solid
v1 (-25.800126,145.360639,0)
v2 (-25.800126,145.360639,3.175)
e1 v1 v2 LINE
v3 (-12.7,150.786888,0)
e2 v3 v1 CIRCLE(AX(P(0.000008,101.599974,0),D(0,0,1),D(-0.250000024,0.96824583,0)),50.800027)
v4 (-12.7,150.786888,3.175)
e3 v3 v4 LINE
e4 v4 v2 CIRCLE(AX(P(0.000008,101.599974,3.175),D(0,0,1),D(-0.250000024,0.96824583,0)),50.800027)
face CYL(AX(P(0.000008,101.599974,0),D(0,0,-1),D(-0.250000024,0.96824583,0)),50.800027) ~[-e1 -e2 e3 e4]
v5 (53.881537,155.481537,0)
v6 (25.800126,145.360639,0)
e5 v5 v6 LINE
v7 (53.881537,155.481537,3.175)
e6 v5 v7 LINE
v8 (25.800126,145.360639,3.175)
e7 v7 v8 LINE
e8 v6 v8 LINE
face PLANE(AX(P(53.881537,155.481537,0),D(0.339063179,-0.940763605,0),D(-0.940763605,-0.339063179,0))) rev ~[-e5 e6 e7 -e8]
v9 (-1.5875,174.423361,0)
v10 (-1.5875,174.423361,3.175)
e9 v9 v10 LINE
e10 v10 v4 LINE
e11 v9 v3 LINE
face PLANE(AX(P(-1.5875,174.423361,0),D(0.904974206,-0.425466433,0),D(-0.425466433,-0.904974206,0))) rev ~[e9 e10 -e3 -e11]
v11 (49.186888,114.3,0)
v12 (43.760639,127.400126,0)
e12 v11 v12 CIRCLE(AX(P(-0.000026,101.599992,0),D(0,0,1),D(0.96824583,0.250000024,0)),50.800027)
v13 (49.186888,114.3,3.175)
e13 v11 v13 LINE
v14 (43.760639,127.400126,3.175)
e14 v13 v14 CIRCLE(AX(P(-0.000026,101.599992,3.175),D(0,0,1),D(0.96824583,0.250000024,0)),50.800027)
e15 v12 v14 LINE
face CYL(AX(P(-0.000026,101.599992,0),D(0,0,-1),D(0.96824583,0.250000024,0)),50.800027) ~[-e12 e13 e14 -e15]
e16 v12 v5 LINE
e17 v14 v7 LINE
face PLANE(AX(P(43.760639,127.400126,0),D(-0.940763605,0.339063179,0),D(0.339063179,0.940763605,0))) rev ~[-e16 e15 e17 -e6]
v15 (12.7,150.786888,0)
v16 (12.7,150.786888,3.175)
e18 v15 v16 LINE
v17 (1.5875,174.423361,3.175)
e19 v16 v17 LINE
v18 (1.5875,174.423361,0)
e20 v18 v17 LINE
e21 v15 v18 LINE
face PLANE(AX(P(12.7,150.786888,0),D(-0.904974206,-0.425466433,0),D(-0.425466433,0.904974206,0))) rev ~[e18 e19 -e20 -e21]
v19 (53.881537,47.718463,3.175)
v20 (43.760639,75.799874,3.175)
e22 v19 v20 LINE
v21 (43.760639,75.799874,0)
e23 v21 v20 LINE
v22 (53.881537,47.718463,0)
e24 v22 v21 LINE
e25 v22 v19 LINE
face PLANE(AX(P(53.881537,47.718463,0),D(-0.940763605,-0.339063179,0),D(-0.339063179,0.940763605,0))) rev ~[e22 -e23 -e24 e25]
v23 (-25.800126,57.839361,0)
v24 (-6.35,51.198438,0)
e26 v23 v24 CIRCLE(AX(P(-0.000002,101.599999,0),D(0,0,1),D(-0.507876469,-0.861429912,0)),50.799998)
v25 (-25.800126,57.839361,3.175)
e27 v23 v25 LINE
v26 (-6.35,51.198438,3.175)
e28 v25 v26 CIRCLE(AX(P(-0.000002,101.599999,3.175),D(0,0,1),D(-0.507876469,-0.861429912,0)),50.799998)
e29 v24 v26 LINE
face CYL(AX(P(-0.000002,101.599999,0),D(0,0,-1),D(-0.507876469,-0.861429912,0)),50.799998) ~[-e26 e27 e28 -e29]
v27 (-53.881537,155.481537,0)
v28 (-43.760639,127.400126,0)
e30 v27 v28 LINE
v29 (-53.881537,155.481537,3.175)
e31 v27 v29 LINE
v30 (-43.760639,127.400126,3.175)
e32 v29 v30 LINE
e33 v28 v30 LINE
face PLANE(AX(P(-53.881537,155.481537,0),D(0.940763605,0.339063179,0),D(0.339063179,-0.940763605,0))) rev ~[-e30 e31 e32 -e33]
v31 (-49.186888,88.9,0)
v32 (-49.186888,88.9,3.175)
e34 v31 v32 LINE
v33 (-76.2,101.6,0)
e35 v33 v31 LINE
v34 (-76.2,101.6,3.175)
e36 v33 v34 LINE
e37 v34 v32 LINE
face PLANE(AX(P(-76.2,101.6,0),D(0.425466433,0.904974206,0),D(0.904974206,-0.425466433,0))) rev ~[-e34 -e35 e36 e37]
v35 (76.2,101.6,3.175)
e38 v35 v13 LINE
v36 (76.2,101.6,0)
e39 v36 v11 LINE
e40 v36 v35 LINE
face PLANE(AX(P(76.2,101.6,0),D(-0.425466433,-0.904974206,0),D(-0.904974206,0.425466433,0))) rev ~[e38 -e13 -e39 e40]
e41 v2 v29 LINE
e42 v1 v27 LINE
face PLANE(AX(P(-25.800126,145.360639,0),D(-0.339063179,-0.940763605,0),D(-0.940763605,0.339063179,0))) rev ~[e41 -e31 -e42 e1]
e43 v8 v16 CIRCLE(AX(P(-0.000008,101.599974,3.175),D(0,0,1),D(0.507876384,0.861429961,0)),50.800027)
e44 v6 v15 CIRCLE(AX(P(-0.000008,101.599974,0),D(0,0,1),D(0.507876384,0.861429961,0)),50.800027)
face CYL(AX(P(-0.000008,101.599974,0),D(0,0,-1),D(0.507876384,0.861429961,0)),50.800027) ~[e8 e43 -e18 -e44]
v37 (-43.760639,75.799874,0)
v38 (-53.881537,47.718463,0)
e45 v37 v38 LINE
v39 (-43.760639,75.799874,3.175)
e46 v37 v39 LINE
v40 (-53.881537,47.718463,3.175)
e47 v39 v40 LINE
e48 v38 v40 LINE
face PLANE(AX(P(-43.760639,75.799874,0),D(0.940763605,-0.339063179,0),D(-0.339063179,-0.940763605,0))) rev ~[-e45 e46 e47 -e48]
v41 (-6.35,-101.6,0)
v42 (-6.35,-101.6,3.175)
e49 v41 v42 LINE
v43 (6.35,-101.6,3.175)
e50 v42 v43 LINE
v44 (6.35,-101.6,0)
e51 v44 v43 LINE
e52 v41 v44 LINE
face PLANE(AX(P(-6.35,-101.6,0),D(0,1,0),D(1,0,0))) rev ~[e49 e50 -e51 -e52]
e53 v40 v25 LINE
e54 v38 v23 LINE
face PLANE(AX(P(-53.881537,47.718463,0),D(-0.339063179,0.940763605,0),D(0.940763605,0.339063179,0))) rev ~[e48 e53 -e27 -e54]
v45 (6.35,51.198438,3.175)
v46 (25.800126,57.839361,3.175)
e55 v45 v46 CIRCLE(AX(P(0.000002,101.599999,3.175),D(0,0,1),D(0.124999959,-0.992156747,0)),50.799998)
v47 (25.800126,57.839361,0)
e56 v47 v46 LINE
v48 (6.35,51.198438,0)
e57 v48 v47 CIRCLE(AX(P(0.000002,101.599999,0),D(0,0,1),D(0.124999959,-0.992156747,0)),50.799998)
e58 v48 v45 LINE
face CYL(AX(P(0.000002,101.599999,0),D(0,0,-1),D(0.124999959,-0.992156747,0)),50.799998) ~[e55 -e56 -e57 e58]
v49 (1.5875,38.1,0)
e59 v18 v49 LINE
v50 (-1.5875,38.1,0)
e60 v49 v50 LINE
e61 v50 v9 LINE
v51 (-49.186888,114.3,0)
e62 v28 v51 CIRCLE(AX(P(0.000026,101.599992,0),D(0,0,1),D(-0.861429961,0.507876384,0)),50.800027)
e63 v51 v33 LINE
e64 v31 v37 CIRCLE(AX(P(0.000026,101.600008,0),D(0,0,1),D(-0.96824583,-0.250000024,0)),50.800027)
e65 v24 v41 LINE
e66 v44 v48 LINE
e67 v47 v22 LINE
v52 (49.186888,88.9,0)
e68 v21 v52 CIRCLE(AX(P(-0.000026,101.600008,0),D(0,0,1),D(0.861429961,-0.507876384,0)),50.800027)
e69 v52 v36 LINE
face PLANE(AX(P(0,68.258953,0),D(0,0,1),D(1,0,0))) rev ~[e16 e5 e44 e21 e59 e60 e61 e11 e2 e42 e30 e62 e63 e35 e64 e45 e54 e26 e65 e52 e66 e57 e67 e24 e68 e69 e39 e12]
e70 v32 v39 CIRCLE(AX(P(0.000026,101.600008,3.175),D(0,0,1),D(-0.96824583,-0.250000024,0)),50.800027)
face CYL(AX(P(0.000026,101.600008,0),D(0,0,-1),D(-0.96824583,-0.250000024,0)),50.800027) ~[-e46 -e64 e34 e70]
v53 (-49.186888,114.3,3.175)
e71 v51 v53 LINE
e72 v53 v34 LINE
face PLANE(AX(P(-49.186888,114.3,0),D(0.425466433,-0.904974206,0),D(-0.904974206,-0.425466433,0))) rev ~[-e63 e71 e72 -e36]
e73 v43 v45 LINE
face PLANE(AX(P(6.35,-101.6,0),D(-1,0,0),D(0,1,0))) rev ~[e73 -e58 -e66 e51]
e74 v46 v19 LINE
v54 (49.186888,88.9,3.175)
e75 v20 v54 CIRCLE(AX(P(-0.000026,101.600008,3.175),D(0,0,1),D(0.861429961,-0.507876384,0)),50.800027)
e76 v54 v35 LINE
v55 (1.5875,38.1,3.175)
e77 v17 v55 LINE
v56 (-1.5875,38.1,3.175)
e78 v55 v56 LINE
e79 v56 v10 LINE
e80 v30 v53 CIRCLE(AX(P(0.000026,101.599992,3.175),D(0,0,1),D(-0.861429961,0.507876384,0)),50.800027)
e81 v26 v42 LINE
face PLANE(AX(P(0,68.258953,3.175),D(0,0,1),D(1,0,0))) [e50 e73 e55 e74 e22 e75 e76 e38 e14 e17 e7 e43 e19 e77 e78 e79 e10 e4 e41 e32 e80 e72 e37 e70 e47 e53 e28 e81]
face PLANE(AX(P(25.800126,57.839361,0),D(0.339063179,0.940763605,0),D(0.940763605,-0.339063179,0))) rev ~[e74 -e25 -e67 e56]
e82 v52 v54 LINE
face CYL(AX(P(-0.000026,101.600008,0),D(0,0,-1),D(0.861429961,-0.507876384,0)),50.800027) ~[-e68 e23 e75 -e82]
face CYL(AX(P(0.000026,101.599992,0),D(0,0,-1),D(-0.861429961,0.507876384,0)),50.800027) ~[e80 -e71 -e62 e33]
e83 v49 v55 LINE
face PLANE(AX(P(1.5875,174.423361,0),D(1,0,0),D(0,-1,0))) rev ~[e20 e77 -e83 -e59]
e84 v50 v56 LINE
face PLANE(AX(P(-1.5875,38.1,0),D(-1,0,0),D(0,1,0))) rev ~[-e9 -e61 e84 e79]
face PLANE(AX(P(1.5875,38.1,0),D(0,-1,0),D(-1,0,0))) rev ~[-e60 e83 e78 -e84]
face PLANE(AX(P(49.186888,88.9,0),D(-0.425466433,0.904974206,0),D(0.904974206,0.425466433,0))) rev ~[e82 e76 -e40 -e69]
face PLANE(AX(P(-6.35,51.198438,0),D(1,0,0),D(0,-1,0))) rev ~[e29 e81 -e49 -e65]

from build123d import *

# Parameters (mm, degrees)
F1_DEPTH = 3.175


with BuildPart() as f1:
    # F0 (on Top) → F1 (new body)
    with BuildSketch(Plane.XY):
        with BuildLine():
            Line((-6.35, 51.198438), (-6.35, -101.6))
            Line((-6.35, -101.6), (-1.5875, -101.6))
            Line((-1.5875, -101.6), (1.5875, -101.6))
            Line((1.5875, -101.6), (6.35, -101.6))
            Line((6.35, -101.6), (6.35, 51.198438))
            ThreePointArc((6.35, 51.198438), (16.414418, 53.524987), (25.800126, 57.839361))
            Line((25.800126, 57.839361), (53.881537, 47.718463))
            Line((53.881537, 47.718463), (43.760639, 75.799874))
            ThreePointArc((43.760639, 75.799874), (46.93308, 82.159682), (49.186888, 88.9))
            Line((49.186888, 88.9), (76.2, 101.6))
            Line((76.2, 101.6), (49.186888, 114.3))
            ThreePointArc((49.186888, 114.3), (46.93308, 121.040318), (43.760639, 127.400126))
            Line((43.760639, 127.400126), (53.881537, 155.481537))
            Line((53.881537, 155.481537), (25.800126, 145.360639))
            ThreePointArc((25.800126, 145.360639), (19.440318, 148.53308), (12.7, 150.786888))
            Line((12.7, 150.786888), (1.5875, 174.423361))
            Line((1.5875, 174.423361), (1.5875, 38.1))
            Line((1.5875, 38.1), (-1.5875, 38.1))
            Line((-1.5875, 38.1), (-1.5875, 174.423361))
            Line((-1.5875, 174.423361), (-12.7, 150.786888))
            ThreePointArc((-12.7, 150.786888), (-19.440318, 148.53308), (-25.800126, 145.360639))
            Line((-25.800126, 145.360639), (-53.881537, 155.481537))
            Line((-53.881537, 155.481537), (-43.760639, 127.400126))
            ThreePointArc((-43.760639, 127.400126), (-46.93308, 121.040318), (-49.186888, 114.3))
            Line((-49.186888, 114.3), (-76.2, 101.6))
            Line((-76.2, 101.6), (-49.186888, 88.9))
            ThreePointArc((-49.186888, 88.9), (-46.93308, 82.159682), (-43.760639, 75.799874))
            Line((-43.760639, 75.799874), (-53.881537, 47.718463))
            Line((-53.881537, 47.718463), (-25.800126, 57.839361))
            ThreePointArc((-25.800126, 57.839361), (-16.414418, 53.524987), (-6.35, 51.198438))
        make_face()
    extrude(amount=F1_DEPTH)


solid = f1.part
